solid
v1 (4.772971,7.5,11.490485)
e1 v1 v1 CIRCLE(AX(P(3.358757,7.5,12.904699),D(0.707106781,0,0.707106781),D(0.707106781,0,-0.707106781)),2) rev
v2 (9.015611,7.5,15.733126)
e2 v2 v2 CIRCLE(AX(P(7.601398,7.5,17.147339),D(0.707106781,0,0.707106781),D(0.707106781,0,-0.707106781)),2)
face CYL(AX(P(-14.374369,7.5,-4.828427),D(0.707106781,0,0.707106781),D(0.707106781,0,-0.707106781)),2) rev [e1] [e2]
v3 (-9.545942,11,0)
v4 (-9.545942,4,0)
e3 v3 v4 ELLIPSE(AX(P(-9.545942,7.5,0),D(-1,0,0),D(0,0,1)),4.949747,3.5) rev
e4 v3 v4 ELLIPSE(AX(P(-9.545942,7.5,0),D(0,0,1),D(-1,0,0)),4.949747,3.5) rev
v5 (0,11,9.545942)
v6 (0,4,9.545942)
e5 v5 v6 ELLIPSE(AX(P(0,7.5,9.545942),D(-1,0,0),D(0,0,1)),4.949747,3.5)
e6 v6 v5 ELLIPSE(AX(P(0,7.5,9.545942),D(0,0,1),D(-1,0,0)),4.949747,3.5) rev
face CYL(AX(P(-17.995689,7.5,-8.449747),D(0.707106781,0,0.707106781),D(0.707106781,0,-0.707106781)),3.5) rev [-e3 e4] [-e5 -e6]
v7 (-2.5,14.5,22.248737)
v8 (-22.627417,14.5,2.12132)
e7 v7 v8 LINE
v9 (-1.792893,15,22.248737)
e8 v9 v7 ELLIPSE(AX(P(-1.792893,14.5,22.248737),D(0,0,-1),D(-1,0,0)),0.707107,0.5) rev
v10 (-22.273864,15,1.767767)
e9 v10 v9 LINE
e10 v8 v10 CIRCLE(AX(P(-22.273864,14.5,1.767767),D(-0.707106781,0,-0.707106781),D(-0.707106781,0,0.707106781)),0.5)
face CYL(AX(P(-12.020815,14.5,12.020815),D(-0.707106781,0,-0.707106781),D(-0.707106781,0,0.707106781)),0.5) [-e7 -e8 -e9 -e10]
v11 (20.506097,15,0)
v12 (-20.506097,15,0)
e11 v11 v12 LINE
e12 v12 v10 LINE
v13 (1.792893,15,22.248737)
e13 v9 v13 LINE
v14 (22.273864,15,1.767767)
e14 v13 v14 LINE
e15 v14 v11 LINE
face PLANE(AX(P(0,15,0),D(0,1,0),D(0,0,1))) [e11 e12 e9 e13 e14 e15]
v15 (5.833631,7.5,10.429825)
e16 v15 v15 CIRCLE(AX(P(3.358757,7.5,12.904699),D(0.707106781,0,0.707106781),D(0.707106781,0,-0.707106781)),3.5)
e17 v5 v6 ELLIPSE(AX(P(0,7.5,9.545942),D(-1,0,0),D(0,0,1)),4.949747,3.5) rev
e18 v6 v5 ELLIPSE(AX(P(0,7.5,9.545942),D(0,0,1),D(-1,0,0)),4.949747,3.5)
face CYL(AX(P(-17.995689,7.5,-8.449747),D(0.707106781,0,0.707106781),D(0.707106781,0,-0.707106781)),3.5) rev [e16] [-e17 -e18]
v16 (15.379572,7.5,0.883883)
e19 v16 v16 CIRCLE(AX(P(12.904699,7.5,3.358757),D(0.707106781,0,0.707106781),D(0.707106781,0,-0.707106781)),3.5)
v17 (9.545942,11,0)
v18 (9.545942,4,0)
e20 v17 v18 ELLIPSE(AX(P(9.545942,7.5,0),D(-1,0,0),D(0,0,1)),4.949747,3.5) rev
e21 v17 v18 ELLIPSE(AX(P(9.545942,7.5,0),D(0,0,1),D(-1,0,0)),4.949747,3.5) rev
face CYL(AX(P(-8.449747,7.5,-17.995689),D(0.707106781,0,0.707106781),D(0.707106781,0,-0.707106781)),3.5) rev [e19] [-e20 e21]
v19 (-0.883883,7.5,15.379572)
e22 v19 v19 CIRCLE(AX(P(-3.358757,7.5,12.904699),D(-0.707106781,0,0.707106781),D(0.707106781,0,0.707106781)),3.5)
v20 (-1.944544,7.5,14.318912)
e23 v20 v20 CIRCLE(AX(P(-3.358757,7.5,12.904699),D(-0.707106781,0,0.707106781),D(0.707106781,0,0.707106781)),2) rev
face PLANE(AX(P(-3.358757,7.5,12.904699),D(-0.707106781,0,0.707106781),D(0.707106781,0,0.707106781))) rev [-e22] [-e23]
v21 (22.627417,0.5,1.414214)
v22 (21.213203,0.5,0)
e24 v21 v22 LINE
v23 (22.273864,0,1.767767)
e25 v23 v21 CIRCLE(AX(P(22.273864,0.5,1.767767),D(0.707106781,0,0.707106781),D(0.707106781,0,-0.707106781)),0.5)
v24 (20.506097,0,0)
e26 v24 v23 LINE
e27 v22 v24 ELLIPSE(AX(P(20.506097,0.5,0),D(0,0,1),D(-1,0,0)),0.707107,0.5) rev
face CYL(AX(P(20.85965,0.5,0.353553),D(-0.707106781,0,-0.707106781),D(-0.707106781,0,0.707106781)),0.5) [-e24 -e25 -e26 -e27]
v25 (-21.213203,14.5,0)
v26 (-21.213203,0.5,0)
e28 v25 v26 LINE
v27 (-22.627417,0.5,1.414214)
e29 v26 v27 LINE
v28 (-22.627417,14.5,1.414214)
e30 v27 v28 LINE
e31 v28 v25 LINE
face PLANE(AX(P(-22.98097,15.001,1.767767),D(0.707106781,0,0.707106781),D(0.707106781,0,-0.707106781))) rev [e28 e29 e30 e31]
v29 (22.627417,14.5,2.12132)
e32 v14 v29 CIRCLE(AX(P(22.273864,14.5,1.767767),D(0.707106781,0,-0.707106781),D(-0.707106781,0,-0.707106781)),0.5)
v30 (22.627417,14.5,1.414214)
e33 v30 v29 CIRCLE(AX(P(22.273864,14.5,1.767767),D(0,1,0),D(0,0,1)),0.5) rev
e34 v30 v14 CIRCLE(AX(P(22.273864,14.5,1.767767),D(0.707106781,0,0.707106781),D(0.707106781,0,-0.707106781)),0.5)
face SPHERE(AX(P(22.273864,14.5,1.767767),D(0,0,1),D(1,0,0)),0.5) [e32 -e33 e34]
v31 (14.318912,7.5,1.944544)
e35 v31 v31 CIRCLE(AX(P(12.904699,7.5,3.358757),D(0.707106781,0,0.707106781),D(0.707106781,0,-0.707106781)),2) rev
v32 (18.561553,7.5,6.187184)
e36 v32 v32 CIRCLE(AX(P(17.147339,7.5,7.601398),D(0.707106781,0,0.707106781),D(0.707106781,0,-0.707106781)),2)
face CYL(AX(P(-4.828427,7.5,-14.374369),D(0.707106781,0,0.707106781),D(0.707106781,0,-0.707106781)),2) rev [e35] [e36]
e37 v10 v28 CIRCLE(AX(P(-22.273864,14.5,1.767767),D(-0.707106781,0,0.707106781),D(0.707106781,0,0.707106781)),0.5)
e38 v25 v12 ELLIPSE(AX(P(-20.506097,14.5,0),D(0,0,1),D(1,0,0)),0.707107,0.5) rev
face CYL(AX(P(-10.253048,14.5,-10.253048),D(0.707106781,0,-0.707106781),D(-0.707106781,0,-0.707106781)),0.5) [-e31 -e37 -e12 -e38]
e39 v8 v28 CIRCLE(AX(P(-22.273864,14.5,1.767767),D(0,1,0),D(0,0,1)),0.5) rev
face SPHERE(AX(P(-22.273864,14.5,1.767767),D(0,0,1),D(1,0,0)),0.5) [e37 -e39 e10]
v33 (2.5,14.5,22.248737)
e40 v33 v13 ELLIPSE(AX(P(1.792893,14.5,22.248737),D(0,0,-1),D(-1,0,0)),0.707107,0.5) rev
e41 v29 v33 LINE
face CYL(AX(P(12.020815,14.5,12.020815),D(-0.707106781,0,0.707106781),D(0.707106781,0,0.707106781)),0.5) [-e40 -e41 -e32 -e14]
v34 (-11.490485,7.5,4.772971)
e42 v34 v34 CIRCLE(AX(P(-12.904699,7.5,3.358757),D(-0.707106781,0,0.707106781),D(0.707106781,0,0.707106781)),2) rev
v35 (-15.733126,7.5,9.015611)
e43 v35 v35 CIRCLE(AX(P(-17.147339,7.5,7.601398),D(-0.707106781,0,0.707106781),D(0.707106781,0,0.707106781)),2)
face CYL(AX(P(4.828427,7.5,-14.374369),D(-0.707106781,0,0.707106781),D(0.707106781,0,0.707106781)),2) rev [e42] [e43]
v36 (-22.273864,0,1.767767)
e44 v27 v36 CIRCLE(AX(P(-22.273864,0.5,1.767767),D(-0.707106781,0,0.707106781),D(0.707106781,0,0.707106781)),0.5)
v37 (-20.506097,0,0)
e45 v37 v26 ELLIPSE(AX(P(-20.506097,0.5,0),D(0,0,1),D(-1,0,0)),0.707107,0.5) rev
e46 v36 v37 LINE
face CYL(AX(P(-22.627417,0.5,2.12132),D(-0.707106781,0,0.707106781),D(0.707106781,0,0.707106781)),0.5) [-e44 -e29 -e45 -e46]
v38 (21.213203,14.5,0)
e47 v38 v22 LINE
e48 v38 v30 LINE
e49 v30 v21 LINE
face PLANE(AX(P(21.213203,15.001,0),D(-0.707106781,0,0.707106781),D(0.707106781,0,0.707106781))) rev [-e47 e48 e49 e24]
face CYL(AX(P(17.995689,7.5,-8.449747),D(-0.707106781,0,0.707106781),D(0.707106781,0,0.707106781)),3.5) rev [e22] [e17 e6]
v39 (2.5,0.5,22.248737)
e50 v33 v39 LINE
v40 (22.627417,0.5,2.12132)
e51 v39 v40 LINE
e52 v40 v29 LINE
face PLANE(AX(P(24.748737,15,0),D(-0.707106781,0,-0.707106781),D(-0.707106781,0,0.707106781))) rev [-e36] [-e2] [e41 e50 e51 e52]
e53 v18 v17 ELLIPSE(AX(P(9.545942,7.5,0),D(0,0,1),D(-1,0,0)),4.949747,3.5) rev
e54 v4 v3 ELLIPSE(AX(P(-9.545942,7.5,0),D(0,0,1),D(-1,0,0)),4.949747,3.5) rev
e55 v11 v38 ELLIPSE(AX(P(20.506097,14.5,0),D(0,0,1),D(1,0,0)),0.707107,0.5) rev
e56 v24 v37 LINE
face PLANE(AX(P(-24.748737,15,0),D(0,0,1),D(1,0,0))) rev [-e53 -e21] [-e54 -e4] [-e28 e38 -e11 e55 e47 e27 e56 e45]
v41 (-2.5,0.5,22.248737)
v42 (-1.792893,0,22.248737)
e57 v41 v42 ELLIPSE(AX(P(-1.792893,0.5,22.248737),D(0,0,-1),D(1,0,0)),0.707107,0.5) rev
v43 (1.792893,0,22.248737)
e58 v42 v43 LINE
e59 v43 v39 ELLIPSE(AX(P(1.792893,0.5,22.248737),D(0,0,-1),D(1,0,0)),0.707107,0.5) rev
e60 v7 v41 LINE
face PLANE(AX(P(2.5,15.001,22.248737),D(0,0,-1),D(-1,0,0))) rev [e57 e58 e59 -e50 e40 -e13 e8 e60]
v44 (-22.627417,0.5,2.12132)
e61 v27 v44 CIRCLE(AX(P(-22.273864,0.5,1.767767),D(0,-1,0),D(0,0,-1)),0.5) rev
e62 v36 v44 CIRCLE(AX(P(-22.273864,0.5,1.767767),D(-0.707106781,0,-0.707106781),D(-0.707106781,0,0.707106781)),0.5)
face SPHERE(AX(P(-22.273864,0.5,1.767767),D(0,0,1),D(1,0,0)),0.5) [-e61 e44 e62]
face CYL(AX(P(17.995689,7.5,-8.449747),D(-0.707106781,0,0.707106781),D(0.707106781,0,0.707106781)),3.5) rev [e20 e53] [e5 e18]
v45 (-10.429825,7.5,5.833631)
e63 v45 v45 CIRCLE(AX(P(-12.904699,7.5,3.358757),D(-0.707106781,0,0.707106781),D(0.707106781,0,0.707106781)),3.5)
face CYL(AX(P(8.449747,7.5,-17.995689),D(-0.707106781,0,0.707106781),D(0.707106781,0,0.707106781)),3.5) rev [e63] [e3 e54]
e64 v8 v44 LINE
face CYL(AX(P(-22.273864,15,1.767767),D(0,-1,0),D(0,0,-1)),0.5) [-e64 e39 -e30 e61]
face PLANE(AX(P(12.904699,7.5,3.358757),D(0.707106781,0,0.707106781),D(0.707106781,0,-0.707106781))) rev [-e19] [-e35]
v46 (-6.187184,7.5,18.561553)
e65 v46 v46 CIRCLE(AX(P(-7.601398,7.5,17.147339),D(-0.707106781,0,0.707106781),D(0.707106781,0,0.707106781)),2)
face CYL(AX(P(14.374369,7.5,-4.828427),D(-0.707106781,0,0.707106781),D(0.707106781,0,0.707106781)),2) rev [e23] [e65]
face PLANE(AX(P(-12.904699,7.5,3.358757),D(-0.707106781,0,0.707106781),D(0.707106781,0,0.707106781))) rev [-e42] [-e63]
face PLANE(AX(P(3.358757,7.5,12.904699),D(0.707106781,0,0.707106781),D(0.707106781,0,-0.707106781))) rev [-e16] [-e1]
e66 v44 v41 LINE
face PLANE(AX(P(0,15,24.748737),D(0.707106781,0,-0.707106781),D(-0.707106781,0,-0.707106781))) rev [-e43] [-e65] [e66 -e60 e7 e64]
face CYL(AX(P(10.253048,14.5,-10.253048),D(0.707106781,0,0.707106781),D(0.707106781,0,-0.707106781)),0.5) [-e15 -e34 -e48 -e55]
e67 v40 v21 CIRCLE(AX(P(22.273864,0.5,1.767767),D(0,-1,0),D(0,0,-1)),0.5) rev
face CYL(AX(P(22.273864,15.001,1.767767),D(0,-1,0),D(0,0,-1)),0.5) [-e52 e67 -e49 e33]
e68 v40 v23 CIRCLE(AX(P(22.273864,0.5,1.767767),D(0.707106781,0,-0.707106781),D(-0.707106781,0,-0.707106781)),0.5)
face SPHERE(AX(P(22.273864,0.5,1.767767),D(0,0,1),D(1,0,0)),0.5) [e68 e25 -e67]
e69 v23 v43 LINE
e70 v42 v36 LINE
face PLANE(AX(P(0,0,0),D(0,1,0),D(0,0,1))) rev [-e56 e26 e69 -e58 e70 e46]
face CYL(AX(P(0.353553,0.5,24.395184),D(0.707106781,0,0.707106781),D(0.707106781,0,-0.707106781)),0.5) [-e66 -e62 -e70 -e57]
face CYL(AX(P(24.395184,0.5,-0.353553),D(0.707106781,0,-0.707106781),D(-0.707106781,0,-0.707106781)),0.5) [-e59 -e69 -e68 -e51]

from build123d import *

# Parameters (mm, degrees)
BOSS_EXTRUDE1_DEPTH = 15
CUT_EXTRUDE5_REACH  = 43.908
SKETCH9_R           = 2
CUT_EXTRUDE6_REACH  = 43.908
SKETCH10_R          = 2
CUT_EXTRUDE7_REACH  = 40.079
FILLET1_R           = 0.5
CUT_EXTRUDE8_REACH  = 39.141
SKETCH11_R          = 3.5
CUT_EXTRUDE9_REACH  = 39.141
SKETCH12_R          = 3.5


with BuildPart() as part:
    # Sketch1 → Boss-Extrude1 (new body)
    with BuildSketch(Plane(origin=(0, 0, 0), x_dir=(1, 0, 0), z_dir=(0, 1, 0))):
        Polygon((-24.748737342, 0), (24.748737342, 0), (0, -24.748737342), align=None)
    extrude(amount=BOSS_EXTRUDE1_DEPTH)

    # Cut-Extrude5: up to this plane
    cut_extrude5_end = Plane(origin=(-24.748737342, 15, 0), z_dir=(0, 0, 1))
    # Sketch9 → Cut-Extrude5 (cut, up to the surface)
    with BuildSketch(Plane(origin=(12.374368671, 0, 12.374368671), x_dir=(0.7071067811865474, 0, -0.7071067811865477), z_dir=(0.7071067811865477, 0, 0.7071067811865474)), mode=Mode.PRIVATE) as cut_extrude5_sk1:
        with Locations((-6.75, 7.5)):
            Circle(SKETCH9_R)
    cut_extrude5_tool1 = split(extrude(cut_extrude5_sk1.sketch, amount=-CUT_EXTRUDE5_REACH, mode=Mode.PRIVATE), bisect_by=cut_extrude5_end, keep=Keep.BOTH, mode=Mode.PRIVATE)
    add(cut_extrude5_tool1.solids().sort_by_distance((7.601398, 7.5, 17.147339))[0], mode=Mode.SUBTRACT)
    # Sketch9 → Cut-Extrude5 (cut, up to the surface)
    with BuildSketch(Plane(origin=(12.374368671, 0, 12.374368671), x_dir=(0.7071067811865474, 0, -0.7071067811865477), z_dir=(0.7071067811865477, 0, 0.7071067811865474)), mode=Mode.PRIVATE) as cut_extrude5_sk2:
        with Locations((6.75, 7.5)):
            Circle(SKETCH9_R)
    cut_extrude5_tool2 = split(extrude(cut_extrude5_sk2.sketch, amount=-CUT_EXTRUDE5_REACH, mode=Mode.PRIVATE), bisect_by=cut_extrude5_end, keep=Keep.BOTH, mode=Mode.PRIVATE)
    add(cut_extrude5_tool2.solids().sort_by_distance((17.147339, 7.5, 7.601398))[0], mode=Mode.SUBTRACT)

    # Cut-Extrude6: up to this plane
    cut_extrude6_end = Plane(origin=(-24.748737342, 15, 0), z_dir=(0, 0, 1))
    # Sketch10 → Cut-Extrude6 (cut, up to the surface)
    with BuildSketch(Plane(origin=(-12.374368671, 0, 12.374368671), x_dir=(0.7071067811865472, 0, 0.7071067811865479), z_dir=(-0.7071067811865479, 0, 0.7071067811865472)), mode=Mode.PRIVATE) as cut_extrude6_sk1:
        with Locations((-6.75, 7.5)):
            Circle(SKETCH10_R)
    cut_extrude6_tool1 = split(extrude(cut_extrude6_sk1.sketch, amount=-CUT_EXTRUDE6_REACH, mode=Mode.PRIVATE), bisect_by=cut_extrude6_end, keep=Keep.BOTH, mode=Mode.PRIVATE)
    add(cut_extrude6_tool1.solids().sort_by_distance((-17.147339, 7.5, 7.601398))[0], mode=Mode.SUBTRACT)
    # Sketch10 → Cut-Extrude6 (cut, up to the surface)
    with BuildSketch(Plane(origin=(-12.374368671, 0, 12.374368671), x_dir=(0.7071067811865472, 0, 0.7071067811865479), z_dir=(-0.7071067811865479, 0, 0.7071067811865472)), mode=Mode.PRIVATE) as cut_extrude6_sk2:
        with Locations(Location((6.75, 7.5, 0), (0, 0, 90))):
            Circle(SKETCH10_R)
    cut_extrude6_tool2 = split(extrude(cut_extrude6_sk2.sketch, amount=-CUT_EXTRUDE6_REACH, mode=Mode.PRIVATE), bisect_by=cut_extrude6_end, keep=Keep.BOTH, mode=Mode.PRIVATE)
    add(cut_extrude6_tool2.solids().sort_by_distance((-7.601398, 7.5, 17.147339))[0], mode=Mode.SUBTRACT)

    # Sketch3 → Cut-Extrude7 (cut, up to next)
    with BuildSketch(Plane.XZ, mode=Mode.PRIVATE) as cut_extrude7_sk1:
        Polygon((-2.5, 22.248737342), (0, 24.748737342), (2.5, 22.248737342), align=None)
    cut_extrude7_tool1 = extrude(cut_extrude7_sk1.sketch, amount=-CUT_EXTRUDE7_REACH, mode=Mode.PRIVATE) & part.part
    # Sketch3 → Cut-Extrude7 (cut, up to next)
    with BuildSketch(Plane.XZ, mode=Mode.PRIVATE) as cut_extrude7_sk2:
        Polygon((-24.748737342, 0), (-22.980970389, 1.767766953), (-21.213203436, 0), align=None)
    cut_extrude7_tool2 = extrude(cut_extrude7_sk2.sketch, amount=-CUT_EXTRUDE7_REACH, mode=Mode.PRIVATE) & part.part
    # Sketch3 → Cut-Extrude7 (cut, up to next)
    with BuildSketch(Plane.XZ, mode=Mode.PRIVATE) as cut_extrude7_sk3:
        Polygon((24.748737342, 0), (21.213203436, 0), (22.980970389, 1.767766953), align=None)
    cut_extrude7_tool3 = extrude(cut_extrude7_sk3.sketch, amount=-CUT_EXTRUDE7_REACH, mode=Mode.PRIVATE) & part.part
    add(cut_extrude7_tool1.solids().sort_by_distance((0, 0, 23.082071))[0], mode=Mode.SUBTRACT)
    add(cut_extrude7_tool2.solids().sort_by_distance((-22.98097, 0, 0.589256))[0], mode=Mode.SUBTRACT)
    add(cut_extrude7_tool3.solids().sort_by_distance((22.98097, 0, 0.589256))[0], mode=Mode.SUBTRACT)

    # Fillet1
    fillet1_edges = [part.edges().sort_by_distance(p)[0] for p in [
        (-12.740485194, 0, 12.008252147),
        (12.740485194, 0, 12.008252147),
        (-12.740485194, 15, 12.008252147),
        (12.740485194, 15, 12.008252147),
        (22.980970389, 7.5, 1.767766953),
        (22.097086912, 15, 0.883883476),
        (22.097086912, 0, 0.883883476),
        (-22.097086912, 15, 0.883883476),
        (-22.980970389, 7.5, 1.767766953),
        (-22.097086912, 0, 0.883883476),
    ]]
    fillet(fillet1_edges, radius=FILLET1_R)

    # Cut-Extrude8: up to this plane
    cut_extrude8_end = Plane(origin=(-24.748737342, 15, 0), z_dir=(0, 0, 1))
    # Sketch11 → Cut-Extrude8 (cut, up to the surface)
    with BuildSketch(Plane(origin=(-8.131727984, 0, 8.131727984), x_dir=(0.7071067811865475, 0, 0.7071067811865477), z_dir=(-0.7071067811865477, 0, 0.7071067811865475)), mode=Mode.PRIVATE) as cut_extrude8_sk1:
        with Locations((-6.75, 7.5)):
            Circle(SKETCH11_R)
    cut_extrude8_tool1 = split(extrude(cut_extrude8_sk1.sketch, amount=-CUT_EXTRUDE8_REACH, mode=Mode.PRIVATE), bisect_by=cut_extrude8_end, keep=Keep.BOTH, mode=Mode.PRIVATE)
    add(cut_extrude8_tool1.solids().sort_by_distance((-12.904699, 7.5, 3.358757))[0], mode=Mode.SUBTRACT)
    # Sketch11 → Cut-Extrude8 (cut, up to the surface)
    with BuildSketch(Plane(origin=(-8.131727984, 0, 8.131727984), x_dir=(0.7071067811865475, 0, 0.7071067811865477), z_dir=(-0.7071067811865477, 0, 0.7071067811865475)), mode=Mode.PRIVATE) as cut_extrude8_sk2:
        with Locations((6.75, 7.5)):
            Circle(SKETCH11_R)
    cut_extrude8_tool2 = split(extrude(cut_extrude8_sk2.sketch, amount=-CUT_EXTRUDE8_REACH, mode=Mode.PRIVATE), bisect_by=cut_extrude8_end, keep=Keep.BOTH, mode=Mode.PRIVATE)
    add(cut_extrude8_tool2.solids().sort_by_distance((-3.358757, 7.5, 12.904699))[0], mode=Mode.SUBTRACT)

    # Cut-Extrude9: up to this plane
    cut_extrude9_end = Plane(origin=(-24.748737342, 15, 0), z_dir=(0, 0, 1))
    # Sketch12 → Cut-Extrude9 (cut, up to the surface)
    with BuildSketch(Plane(origin=(8.131727984, 0, 8.131727984), x_dir=(0.7071067811865474, 0, -0.7071067811865477), z_dir=(0.7071067811865477, 0, 0.7071067811865474)), mode=Mode.PRIVATE) as cut_extrude9_sk1:
        with Locations((6.75, 7.5)):
            Circle(SKETCH12_R)
    cut_extrude9_tool1 = split(extrude(cut_extrude9_sk1.sketch, amount=-CUT_EXTRUDE9_REACH, mode=Mode.PRIVATE), bisect_by=cut_extrude9_end, keep=Keep.BOTH, mode=Mode.PRIVATE)
    add(cut_extrude9_tool1.solids().sort_by_distance((12.904699, 7.5, 3.358757))[0], mode=Mode.SUBTRACT)
    # Sketch12 → Cut-Extrude9 (cut, up to the surface)
    with BuildSketch(Plane(origin=(8.131727984, 0, 8.131727984), x_dir=(0.7071067811865474, 0, -0.7071067811865477), z_dir=(0.7071067811865477, 0, 0.7071067811865474)), mode=Mode.PRIVATE) as cut_extrude9_sk2:
        with Locations(Location((-6.75, 7.5, 0), (0, 0, 90))):
            Circle(SKETCH12_R)
    cut_extrude9_tool2 = split(extrude(cut_extrude9_sk2.sketch, amount=-CUT_EXTRUDE9_REACH, mode=Mode.PRIVATE), bisect_by=cut_extrude9_end, keep=Keep.BOTH, mode=Mode.PRIVATE)
    add(cut_extrude9_tool2.solids().sort_by_distance((3.358757, 7.5, 12.904699))[0], mode=Mode.SUBTRACT)


solid = part.part
